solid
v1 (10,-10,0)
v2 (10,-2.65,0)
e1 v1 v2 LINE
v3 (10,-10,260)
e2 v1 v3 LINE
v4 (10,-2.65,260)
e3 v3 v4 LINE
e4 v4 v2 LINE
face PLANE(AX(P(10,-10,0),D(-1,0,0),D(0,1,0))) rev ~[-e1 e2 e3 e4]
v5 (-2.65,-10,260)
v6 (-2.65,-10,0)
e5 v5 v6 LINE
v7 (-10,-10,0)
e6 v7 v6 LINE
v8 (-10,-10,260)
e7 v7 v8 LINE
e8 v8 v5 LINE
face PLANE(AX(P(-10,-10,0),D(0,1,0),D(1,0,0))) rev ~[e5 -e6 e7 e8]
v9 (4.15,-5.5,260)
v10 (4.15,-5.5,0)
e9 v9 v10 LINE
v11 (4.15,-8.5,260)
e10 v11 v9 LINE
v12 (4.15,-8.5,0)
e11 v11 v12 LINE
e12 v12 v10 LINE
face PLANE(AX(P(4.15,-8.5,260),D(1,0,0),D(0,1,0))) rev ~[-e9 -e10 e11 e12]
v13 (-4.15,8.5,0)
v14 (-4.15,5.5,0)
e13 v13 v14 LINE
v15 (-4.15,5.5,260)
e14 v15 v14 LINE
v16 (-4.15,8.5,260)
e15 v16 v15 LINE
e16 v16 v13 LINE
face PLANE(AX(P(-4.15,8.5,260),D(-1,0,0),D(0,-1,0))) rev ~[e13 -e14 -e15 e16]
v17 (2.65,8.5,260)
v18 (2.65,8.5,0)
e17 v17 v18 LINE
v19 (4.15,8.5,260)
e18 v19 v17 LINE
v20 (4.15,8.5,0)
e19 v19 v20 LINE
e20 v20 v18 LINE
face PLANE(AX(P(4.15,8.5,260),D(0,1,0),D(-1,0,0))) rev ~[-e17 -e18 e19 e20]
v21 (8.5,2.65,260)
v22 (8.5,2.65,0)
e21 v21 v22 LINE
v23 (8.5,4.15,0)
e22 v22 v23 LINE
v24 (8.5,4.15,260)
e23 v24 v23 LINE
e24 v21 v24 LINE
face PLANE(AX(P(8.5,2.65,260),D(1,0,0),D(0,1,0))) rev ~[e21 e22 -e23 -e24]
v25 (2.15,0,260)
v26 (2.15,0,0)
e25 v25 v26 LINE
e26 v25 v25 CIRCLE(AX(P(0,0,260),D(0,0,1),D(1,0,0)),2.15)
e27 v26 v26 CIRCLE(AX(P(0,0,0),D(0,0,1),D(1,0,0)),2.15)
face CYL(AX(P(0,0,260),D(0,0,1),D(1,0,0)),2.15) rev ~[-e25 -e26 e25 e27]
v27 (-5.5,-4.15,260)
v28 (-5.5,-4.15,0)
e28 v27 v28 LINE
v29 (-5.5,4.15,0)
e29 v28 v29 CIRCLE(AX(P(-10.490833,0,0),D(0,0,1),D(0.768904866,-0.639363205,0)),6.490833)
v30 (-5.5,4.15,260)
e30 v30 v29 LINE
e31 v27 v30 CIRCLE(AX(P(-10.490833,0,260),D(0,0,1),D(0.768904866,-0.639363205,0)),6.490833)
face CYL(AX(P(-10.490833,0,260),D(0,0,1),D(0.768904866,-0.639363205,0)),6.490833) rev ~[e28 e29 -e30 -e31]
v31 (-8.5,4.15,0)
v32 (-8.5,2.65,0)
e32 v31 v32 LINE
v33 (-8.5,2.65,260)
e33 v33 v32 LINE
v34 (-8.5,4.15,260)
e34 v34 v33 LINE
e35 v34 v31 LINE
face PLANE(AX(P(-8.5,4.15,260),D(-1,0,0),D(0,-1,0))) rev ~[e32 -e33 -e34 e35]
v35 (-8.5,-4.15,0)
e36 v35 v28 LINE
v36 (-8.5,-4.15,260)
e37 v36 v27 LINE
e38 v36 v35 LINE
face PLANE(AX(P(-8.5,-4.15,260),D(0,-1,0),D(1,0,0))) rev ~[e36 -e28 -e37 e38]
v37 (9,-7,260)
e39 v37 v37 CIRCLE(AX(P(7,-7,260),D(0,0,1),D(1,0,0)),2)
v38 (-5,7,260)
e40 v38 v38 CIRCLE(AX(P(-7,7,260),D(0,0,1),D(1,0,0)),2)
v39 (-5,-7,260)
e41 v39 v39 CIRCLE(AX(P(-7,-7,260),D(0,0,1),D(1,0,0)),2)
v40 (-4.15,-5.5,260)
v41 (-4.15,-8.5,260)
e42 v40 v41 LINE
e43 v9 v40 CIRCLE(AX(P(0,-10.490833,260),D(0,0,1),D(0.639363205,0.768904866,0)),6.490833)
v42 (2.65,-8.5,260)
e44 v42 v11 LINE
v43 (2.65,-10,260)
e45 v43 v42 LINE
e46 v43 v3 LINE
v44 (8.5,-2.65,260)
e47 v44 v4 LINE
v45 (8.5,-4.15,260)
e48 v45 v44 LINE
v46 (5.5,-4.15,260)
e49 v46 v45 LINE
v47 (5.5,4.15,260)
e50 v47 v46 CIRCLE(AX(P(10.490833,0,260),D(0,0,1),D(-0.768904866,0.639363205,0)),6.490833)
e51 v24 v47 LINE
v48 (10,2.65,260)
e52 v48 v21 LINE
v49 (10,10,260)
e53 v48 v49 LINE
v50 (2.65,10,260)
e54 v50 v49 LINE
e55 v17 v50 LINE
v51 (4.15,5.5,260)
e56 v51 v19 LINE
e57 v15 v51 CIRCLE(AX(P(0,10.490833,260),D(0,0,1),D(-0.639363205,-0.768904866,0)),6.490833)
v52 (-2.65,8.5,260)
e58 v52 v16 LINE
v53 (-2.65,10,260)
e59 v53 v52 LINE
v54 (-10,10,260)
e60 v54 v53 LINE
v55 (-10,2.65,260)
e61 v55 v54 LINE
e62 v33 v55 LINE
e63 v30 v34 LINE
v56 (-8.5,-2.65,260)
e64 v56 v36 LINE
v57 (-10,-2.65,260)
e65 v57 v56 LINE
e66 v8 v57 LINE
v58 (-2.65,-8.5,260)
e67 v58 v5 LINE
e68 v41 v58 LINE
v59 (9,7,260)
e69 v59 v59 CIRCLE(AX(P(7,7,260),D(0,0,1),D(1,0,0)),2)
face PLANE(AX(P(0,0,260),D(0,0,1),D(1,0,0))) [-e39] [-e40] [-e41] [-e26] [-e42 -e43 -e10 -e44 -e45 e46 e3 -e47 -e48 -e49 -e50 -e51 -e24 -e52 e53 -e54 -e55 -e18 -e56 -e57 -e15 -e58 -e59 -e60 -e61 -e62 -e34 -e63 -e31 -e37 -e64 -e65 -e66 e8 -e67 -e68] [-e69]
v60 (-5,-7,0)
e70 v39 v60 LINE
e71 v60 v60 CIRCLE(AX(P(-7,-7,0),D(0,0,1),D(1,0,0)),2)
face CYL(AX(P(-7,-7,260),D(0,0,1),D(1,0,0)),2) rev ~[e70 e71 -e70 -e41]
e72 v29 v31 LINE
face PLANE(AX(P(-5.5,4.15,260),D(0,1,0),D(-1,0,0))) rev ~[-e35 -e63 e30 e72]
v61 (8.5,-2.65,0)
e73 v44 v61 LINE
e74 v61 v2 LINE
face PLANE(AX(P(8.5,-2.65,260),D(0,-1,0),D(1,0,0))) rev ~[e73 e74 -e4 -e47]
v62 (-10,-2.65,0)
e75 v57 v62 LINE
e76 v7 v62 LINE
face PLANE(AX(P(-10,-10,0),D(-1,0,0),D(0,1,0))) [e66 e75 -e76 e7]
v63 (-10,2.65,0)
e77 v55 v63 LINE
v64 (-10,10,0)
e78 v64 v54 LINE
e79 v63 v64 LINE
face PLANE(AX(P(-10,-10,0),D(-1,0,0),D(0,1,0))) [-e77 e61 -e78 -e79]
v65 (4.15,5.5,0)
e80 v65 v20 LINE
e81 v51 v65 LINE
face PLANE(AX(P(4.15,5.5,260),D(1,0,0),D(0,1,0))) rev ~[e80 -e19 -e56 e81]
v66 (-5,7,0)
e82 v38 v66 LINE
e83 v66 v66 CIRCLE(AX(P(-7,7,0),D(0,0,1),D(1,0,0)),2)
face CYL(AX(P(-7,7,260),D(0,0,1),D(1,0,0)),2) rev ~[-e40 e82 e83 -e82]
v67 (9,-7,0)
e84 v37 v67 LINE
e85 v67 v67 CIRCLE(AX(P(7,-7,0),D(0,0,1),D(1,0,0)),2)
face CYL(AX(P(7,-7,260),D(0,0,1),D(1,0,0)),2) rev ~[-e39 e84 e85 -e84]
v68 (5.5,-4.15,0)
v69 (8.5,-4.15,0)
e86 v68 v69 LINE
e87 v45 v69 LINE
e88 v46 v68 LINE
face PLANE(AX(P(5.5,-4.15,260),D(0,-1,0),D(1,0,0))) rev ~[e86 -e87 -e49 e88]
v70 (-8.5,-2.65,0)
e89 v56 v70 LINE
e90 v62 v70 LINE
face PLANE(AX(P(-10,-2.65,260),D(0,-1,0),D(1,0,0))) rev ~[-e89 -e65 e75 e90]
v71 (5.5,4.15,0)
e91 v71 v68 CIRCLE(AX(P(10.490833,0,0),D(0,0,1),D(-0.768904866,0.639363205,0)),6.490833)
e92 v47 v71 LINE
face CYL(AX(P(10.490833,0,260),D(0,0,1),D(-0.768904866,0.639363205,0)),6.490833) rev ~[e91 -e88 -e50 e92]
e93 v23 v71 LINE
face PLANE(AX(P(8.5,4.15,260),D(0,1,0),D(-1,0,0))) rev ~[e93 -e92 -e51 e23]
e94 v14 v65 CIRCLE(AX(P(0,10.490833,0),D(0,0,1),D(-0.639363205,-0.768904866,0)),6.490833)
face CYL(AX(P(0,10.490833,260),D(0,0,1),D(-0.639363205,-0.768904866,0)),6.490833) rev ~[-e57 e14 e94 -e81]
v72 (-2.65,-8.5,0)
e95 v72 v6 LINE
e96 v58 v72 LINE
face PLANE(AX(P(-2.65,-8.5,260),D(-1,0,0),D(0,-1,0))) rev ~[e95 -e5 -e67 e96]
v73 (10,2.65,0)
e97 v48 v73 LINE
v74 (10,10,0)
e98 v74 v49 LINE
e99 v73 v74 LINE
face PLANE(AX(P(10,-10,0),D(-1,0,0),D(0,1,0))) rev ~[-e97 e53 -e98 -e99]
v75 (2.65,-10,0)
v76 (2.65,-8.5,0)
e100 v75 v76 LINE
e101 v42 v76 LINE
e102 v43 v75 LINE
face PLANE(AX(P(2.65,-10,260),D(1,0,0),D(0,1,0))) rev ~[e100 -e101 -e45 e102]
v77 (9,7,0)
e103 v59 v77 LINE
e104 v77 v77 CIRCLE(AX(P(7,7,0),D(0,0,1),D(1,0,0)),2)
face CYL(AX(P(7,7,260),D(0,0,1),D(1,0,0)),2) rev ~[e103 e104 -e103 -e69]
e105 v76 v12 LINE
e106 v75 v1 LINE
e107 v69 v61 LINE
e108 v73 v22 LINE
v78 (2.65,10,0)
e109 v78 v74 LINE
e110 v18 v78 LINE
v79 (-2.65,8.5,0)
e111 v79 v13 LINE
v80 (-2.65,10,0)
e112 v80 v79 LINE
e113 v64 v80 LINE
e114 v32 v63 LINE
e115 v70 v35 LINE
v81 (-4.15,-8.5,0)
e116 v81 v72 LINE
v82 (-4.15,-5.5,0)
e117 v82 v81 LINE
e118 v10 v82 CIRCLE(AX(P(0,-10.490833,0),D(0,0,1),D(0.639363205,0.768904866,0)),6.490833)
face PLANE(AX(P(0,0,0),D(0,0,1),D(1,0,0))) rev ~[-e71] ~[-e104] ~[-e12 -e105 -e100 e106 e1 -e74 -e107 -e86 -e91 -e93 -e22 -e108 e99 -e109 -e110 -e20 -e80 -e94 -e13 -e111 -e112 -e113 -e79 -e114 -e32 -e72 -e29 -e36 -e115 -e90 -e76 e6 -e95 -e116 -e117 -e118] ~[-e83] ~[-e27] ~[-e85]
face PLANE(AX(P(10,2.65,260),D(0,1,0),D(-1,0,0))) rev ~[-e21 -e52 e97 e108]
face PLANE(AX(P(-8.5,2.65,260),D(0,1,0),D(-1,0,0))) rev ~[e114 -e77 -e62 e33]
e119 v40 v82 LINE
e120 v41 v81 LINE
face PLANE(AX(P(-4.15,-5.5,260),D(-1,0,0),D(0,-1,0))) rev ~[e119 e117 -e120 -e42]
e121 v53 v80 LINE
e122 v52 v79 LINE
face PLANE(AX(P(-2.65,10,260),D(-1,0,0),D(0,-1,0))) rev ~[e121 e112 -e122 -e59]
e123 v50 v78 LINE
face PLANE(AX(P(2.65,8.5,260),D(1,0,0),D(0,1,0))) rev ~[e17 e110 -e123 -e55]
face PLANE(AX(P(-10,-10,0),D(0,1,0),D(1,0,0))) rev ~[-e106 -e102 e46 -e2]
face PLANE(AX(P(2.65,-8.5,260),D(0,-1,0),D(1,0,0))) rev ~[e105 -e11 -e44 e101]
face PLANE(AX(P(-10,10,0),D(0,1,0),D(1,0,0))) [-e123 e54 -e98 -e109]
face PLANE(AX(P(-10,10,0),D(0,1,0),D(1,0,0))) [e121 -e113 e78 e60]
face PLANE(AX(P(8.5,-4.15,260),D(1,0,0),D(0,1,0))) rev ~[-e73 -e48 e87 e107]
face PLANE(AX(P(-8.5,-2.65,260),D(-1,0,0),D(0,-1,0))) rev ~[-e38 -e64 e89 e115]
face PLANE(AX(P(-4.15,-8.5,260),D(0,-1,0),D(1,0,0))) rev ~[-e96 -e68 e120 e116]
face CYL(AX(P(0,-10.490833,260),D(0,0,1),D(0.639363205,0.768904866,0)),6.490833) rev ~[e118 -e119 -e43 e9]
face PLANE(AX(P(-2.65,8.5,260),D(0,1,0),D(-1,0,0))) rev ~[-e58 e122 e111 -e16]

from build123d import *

# Parameters (mm, degrees)
SKETCH_1_W          = 20
SKETCH_1_H          = 20
EXTRUDE_1_DEPTH     = 260
SKETCH_2_R          = 2.15
SKETCH_2_R_2        = 2
CUT_EXTRUDE_1_DEPTH = 261.384331326


with BuildPart() as part:
    # 스케치1 → 보스-돌출1 (new body)
    with BuildSketch(Plane.XY):
        Rectangle(SKETCH_1_W, SKETCH_1_H)
    extrude(amount=EXTRUDE_1_DEPTH)

    # 스케치2 → 컷-돌출1 (cut, through all)
    with BuildSketch(Plane.XY.offset(260)):
        Circle(SKETCH_2_R)
        with Locations((-7, 7)):
            Circle(SKETCH_2_R_2)
        with Locations((7, 7)):
            Circle(SKETCH_2_R_2)
        with Locations((7, -7)):
            Circle(SKETCH_2_R_2)
        with Locations((-7, -7)):
            Circle(SKETCH_2_R_2)
        with BuildLine():
            Line((-2.65, 10), (-2.65, 8.5))
            Line((-2.65, 8.5), (-4.15, 8.5))
            Line((-4.15, 8.5), (-4.15, 5.5))
            ThreePointArc((-4.15, 5.5), (0, 4), (4.15, 5.5))
            Line((4.15, 5.5), (4.15, 8.5))
            Line((4.15, 8.5), (2.65, 8.5))
            Line((2.65, 8.5), (2.65, 10))
            Line((2.65, 10), (-2.65, 10))
        make_face()
        with BuildLine():
            Line((10, 2.65), (8.5, 2.65))
            Line((8.5, 2.65), (8.5, 4.15))
            Line((8.5, 4.15), (5.5, 4.15))
            ThreePointArc((5.5, 4.15), (4, 0), (5.5, -4.15))
            Line((5.5, -4.15), (8.5, -4.15))
            Line((8.5, -4.15), (8.5, -2.65))
            Line((8.5, -2.65), (10, -2.65))
            Line((10, -2.65), (10, 2.65))
        make_face()
        with BuildLine():
            Line((2.65, -10), (2.65, -8.5))
            Line((2.65, -8.5), (4.15, -8.5))
            Line((4.15, -8.5), (4.15, -5.5))
            ThreePointArc((4.15, -5.5), (0, -4), (-4.15, -5.5))
            Line((-4.15, -5.5), (-4.15, -8.5))
            Line((-4.15, -8.5), (-2.65, -8.5))
            Line((-2.65, -8.5), (-2.65, -10))
            Line((-2.65, -10), (2.65, -10))
        make_face()
        with BuildLine():
            Line((-10, -2.65), (-8.5, -2.65))
            Line((-8.5, -2.65), (-8.5, -4.15))
            Line((-8.5, -4.15), (-5.5, -4.15))
            ThreePointArc((-5.5, -4.15), (-4, 0), (-5.5, 4.15))
            Line((-5.5, 4.15), (-8.5, 4.15))
            Line((-8.5, 4.15), (-8.5, 2.65))
            Line((-8.5, 2.65), (-10, 2.65))
            Line((-10, 2.65), (-10, -2.65))
        make_face()
    extrude(amount=-CUT_EXTRUDE_1_DEPTH, mode=Mode.SUBTRACT)


solid = part.part
